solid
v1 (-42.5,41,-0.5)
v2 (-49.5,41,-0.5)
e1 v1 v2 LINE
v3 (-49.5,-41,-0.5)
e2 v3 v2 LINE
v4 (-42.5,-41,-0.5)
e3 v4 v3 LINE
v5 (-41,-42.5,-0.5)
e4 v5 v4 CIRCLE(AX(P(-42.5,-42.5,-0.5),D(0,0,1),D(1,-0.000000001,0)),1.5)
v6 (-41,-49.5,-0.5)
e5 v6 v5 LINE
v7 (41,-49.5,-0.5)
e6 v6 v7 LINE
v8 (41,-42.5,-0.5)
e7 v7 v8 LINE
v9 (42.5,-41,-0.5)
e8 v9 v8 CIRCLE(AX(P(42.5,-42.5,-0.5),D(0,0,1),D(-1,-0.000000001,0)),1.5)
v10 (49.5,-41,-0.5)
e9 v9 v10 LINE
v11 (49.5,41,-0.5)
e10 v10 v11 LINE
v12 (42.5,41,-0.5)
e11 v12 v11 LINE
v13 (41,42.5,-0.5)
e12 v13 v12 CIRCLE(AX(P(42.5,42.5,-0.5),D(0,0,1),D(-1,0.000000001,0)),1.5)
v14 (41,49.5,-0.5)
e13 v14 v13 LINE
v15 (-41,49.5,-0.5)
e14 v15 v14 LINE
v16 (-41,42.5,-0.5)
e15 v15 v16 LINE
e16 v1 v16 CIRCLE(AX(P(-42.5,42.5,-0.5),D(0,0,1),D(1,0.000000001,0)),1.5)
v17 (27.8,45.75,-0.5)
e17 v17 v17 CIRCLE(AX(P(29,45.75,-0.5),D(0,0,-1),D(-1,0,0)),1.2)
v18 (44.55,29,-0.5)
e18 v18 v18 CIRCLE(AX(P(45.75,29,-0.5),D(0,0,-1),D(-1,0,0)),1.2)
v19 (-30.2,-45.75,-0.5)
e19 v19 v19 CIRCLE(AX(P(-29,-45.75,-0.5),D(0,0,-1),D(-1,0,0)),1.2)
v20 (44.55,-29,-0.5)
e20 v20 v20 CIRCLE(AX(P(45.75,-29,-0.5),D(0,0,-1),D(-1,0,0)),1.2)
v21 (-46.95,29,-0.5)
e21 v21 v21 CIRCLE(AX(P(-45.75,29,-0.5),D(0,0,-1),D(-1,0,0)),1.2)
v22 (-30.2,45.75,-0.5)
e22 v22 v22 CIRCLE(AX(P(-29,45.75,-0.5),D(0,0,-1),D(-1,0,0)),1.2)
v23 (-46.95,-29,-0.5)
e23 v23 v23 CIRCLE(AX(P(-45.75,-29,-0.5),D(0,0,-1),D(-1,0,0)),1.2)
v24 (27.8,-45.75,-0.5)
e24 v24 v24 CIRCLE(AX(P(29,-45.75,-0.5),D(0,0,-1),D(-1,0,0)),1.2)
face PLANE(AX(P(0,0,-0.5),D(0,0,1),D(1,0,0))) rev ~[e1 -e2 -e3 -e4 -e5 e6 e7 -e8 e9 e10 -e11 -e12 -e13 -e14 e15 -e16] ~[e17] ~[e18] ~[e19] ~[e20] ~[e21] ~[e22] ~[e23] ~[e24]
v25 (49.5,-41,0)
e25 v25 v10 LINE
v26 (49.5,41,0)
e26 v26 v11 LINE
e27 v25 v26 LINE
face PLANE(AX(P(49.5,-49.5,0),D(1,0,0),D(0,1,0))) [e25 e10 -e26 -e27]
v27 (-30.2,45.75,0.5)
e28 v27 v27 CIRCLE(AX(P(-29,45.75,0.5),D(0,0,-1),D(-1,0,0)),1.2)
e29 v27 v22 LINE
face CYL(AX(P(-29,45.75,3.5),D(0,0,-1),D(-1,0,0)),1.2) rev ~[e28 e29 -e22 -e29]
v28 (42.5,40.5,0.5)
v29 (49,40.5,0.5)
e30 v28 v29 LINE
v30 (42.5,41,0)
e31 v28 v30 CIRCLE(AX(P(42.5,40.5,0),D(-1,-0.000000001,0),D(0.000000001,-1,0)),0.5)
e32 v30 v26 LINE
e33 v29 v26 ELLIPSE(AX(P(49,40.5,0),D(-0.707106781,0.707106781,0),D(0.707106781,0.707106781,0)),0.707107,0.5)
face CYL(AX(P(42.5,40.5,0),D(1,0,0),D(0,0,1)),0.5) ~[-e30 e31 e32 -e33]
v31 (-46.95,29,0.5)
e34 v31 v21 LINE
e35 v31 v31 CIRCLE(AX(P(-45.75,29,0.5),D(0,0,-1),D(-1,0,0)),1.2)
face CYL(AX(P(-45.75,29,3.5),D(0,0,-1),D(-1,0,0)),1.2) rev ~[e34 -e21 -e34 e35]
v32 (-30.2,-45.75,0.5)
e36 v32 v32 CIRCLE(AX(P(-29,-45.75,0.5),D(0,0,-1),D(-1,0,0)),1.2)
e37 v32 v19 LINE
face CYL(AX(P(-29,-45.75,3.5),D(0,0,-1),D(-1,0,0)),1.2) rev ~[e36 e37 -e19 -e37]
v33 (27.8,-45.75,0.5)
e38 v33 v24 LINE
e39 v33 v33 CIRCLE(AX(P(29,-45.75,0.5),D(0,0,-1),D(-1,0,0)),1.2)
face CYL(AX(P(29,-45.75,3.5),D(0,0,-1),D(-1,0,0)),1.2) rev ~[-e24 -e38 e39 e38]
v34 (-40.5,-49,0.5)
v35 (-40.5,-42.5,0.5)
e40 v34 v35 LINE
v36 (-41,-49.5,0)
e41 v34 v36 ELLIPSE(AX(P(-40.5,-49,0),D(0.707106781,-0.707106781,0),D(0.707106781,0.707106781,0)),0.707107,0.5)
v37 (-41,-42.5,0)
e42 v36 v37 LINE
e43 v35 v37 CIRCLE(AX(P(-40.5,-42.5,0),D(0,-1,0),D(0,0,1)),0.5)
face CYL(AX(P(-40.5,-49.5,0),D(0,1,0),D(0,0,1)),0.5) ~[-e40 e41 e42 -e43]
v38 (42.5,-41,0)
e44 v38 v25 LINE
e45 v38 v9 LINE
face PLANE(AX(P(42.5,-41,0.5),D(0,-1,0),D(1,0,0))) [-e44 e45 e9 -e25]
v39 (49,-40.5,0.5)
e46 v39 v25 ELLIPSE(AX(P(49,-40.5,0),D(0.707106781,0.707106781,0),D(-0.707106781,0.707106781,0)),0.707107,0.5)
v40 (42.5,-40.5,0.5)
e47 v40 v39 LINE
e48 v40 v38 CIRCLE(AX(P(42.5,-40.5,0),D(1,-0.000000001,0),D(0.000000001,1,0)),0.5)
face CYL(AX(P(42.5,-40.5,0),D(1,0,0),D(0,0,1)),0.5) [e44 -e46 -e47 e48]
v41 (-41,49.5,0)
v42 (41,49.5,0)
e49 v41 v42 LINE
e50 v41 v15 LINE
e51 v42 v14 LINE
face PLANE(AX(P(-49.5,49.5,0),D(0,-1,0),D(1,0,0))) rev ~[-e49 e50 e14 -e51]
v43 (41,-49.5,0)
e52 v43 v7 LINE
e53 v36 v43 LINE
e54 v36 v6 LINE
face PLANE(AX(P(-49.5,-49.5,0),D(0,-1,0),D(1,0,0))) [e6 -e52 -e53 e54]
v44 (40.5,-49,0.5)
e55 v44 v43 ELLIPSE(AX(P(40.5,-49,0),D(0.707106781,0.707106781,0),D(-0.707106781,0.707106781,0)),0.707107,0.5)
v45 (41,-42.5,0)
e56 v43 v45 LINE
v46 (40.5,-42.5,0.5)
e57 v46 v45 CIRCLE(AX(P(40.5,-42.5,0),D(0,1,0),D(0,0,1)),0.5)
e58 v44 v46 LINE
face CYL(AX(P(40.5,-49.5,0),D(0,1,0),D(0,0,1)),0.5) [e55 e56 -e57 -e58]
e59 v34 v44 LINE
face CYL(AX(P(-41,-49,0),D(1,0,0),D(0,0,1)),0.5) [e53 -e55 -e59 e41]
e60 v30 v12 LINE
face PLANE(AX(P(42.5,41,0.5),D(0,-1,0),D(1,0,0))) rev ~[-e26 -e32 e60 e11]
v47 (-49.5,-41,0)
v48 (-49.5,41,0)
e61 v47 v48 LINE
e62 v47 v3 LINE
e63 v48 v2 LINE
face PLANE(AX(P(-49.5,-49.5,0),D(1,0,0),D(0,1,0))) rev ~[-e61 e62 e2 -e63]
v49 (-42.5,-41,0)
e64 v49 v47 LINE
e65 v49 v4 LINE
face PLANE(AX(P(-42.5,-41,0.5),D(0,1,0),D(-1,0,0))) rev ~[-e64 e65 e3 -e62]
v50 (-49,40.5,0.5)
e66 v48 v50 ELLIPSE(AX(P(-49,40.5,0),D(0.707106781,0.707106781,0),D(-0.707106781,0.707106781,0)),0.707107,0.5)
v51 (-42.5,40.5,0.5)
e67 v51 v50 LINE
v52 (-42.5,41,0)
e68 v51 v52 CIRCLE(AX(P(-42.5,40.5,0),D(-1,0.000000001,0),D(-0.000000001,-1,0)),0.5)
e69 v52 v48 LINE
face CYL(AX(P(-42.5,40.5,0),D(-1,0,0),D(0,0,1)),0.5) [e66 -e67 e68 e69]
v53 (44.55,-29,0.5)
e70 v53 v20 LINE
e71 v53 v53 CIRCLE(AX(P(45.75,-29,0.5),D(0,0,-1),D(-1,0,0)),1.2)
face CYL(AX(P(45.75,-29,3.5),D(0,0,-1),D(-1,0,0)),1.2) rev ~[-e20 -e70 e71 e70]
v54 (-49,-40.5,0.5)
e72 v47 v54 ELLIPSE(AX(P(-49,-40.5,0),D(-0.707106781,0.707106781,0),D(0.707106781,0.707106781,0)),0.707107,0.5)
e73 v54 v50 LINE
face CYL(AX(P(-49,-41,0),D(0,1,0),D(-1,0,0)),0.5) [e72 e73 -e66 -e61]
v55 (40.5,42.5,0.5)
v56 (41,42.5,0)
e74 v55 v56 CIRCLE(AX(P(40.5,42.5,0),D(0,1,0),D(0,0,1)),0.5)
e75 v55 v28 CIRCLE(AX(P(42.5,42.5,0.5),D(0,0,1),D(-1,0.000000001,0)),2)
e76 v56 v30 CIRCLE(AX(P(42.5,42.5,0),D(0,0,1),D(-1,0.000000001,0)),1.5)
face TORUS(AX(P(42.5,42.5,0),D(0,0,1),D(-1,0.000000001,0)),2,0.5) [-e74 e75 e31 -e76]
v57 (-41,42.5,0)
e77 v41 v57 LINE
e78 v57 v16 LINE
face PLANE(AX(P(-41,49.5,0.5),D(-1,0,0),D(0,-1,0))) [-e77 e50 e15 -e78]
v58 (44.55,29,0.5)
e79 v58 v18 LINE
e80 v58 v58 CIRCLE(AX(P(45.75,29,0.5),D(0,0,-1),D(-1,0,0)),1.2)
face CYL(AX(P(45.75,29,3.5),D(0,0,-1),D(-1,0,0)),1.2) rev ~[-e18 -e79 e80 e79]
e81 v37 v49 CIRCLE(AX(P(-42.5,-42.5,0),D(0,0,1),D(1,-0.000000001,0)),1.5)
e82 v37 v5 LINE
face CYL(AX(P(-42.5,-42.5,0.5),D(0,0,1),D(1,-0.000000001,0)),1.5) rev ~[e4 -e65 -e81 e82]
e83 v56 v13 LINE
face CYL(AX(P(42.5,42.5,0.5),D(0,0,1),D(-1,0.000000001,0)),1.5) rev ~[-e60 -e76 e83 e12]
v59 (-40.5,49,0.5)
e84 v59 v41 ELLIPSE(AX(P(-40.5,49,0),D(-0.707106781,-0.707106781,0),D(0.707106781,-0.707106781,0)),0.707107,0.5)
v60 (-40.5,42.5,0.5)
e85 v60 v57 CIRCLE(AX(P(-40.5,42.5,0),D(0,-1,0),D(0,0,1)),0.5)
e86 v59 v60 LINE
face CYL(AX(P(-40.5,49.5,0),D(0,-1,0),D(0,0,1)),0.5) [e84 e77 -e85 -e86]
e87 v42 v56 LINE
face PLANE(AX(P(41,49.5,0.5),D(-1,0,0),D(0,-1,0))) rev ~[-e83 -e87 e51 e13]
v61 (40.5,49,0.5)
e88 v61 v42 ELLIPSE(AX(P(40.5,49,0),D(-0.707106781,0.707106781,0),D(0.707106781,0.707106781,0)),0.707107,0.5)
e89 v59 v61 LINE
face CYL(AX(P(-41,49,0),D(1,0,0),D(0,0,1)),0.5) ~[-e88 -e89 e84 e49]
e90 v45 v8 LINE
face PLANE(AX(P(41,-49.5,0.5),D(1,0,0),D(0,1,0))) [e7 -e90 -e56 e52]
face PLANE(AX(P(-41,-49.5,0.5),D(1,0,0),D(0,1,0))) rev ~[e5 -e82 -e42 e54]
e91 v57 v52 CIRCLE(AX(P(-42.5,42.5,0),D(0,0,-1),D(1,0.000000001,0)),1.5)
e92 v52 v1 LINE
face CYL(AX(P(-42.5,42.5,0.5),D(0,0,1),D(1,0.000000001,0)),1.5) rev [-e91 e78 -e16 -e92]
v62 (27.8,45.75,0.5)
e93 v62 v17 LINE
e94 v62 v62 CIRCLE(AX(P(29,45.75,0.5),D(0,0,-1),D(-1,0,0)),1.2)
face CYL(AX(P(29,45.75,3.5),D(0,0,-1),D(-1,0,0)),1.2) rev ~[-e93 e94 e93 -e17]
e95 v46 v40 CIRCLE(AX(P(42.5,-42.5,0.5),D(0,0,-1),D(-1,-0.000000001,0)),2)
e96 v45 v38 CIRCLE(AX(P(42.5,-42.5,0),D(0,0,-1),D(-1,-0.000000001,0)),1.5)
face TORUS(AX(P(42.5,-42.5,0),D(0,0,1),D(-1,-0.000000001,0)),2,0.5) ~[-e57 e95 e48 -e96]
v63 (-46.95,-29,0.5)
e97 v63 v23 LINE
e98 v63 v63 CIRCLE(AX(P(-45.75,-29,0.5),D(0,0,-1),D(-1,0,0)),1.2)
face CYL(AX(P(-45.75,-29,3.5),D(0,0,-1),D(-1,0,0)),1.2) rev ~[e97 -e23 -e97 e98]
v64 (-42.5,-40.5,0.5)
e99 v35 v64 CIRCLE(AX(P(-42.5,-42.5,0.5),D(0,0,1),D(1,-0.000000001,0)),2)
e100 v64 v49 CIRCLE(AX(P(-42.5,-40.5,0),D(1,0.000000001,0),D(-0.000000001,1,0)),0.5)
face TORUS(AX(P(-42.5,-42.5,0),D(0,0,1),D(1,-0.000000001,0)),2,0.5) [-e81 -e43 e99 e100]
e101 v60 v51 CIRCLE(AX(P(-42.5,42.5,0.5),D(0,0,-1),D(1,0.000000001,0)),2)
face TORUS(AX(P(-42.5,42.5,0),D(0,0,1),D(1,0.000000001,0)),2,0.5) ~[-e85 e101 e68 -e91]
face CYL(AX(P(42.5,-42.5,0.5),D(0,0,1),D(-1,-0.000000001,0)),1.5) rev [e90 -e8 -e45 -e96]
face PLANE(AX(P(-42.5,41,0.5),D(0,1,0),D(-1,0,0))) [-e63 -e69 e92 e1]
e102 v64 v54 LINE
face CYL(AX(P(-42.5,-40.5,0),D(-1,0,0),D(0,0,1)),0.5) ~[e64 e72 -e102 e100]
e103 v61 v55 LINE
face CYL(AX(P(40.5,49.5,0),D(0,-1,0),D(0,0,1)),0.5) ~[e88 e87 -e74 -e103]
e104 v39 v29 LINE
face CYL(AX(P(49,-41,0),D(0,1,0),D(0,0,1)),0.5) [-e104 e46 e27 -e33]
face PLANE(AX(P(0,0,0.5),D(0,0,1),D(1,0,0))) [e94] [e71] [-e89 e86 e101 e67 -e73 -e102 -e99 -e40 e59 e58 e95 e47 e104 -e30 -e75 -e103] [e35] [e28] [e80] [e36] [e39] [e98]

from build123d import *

# Parameters (mm, degrees)
SKETCH1_W           = 99
SKETCH1_H           = 99
BOSS_EXTRUDE1_DEPTH = 0.5
CUT_EXTRUDE1_DEPTH  = 71.010713466
M2_HOLE1_B_D        = 2.4
M2_HOLE1_B_DEPTH    = 3
M2_HOLE1_B_TIP      = 0.721032743
FILLET1_R           = 0.5


with BuildPart() as part:
    # Sketch1 → Boss-Extrude1 (new, symmetric)
    with BuildSketch(Plane.XY):
        Rectangle(SKETCH1_W, SKETCH1_H)
    extrude(amount=BOSS_EXTRUDE1_DEPTH, both=True)

    # Sketch2 → Cut-Extrude1 (cut, through all)
    with BuildSketch(Plane.XY.offset(0.5)):
        with BuildLine():
            Line((-49.5, 49.5), (-41, 49.5))
            Line((-41, 49.5), (-41, 42.5))
            ThreePointArc((-41, 42.5), (-41.439339828, 41.439339828), (-42.5, 41))
            Line((-42.5, 41), (-49.5, 41))
            Line((-49.5, 41), (-49.5, 49.5))
        make_face()
        with BuildLine():
            Line((49.5, 49.5), (41, 49.5))
            Line((41, 49.5), (41, 42.5))
            ThreePointArc((41, 42.5), (41.439339828, 41.439339828), (42.5, 41))
            Line((42.5, 41), (49.5, 41))
            Line((49.5, 41), (49.5, 49.5))
        make_face()
        with BuildLine():
            Line((-49.5, -49.5), (-41, -49.5))
            Line((-41, -49.5), (-41, -42.5))
            ThreePointArc((-41, -42.5), (-41.439339828, -41.439339828), (-42.5, -41))
            Line((-42.5, -41), (-49.5, -41))
            Line((-49.5, -41), (-49.5, -49.5))
        make_face()
        with BuildLine():
            Line((49.5, -49.5), (41, -49.5))
            Line((41, -49.5), (41, -42.5))
            ThreePointArc((41, -42.5), (41.439339828, -41.439339828), (42.5, -41))
            Line((42.5, -41), (49.5, -41))
            Line((49.5, -41), (49.5, -49.5))
        make_face()
    extrude(amount=-CUT_EXTRUDE1_DEPTH, mode=Mode.SUBTRACT)

    # M2 Hole1 - B
    with Locations(Plane.XY.offset(0.5)):
        with Locations((-45.75, 29), (-29, 45.75), (29, 45.75), (45.75, 29), (45.75, -29), (29, -45.75), (-29, -45.75), (-45.75, -29)):
            Hole(M2_HOLE1_B_D / 2, depth=M2_HOLE1_B_DEPTH)
            with Locations((0, 0, -(M2_HOLE1_B_DEPTH + M2_HOLE1_B_TIP / 2))):  # 118° drill point
                Cone(0, M2_HOLE1_B_D / 2, M2_HOLE1_B_TIP, mode=Mode.SUBTRACT)

    # Fillet1
    fillet1_edges = [part.edges().sort_by_distance(p)[0] for p in [
        (-49.5, 0, 0.5),
        (-46, 41, 0.5),
        (-41.439339828, 41.439339828, 0.5),
        (-41, 46, 0.5),
        (0, 49.5, 0.5),
        (41.439339828, 41.439339828, 0.5),
        (46, 41, 0.5),
        (41, 46, 0.5),
        (49.5, 0, 0.5),
        (41.439339828, -41.439339828, 0.5),
        (41, -46, 0.5),
        (46, -41, 0.5),
        (0, -49.5, 0.5),
        (-41, -46, 0.5),
        (-41.439339828, -41.439339828, 0.5),
        (-46, -41, 0.5),
    ]]
    fillet(fillet1_edges, radius=FILLET1_R)


solid = part.part
